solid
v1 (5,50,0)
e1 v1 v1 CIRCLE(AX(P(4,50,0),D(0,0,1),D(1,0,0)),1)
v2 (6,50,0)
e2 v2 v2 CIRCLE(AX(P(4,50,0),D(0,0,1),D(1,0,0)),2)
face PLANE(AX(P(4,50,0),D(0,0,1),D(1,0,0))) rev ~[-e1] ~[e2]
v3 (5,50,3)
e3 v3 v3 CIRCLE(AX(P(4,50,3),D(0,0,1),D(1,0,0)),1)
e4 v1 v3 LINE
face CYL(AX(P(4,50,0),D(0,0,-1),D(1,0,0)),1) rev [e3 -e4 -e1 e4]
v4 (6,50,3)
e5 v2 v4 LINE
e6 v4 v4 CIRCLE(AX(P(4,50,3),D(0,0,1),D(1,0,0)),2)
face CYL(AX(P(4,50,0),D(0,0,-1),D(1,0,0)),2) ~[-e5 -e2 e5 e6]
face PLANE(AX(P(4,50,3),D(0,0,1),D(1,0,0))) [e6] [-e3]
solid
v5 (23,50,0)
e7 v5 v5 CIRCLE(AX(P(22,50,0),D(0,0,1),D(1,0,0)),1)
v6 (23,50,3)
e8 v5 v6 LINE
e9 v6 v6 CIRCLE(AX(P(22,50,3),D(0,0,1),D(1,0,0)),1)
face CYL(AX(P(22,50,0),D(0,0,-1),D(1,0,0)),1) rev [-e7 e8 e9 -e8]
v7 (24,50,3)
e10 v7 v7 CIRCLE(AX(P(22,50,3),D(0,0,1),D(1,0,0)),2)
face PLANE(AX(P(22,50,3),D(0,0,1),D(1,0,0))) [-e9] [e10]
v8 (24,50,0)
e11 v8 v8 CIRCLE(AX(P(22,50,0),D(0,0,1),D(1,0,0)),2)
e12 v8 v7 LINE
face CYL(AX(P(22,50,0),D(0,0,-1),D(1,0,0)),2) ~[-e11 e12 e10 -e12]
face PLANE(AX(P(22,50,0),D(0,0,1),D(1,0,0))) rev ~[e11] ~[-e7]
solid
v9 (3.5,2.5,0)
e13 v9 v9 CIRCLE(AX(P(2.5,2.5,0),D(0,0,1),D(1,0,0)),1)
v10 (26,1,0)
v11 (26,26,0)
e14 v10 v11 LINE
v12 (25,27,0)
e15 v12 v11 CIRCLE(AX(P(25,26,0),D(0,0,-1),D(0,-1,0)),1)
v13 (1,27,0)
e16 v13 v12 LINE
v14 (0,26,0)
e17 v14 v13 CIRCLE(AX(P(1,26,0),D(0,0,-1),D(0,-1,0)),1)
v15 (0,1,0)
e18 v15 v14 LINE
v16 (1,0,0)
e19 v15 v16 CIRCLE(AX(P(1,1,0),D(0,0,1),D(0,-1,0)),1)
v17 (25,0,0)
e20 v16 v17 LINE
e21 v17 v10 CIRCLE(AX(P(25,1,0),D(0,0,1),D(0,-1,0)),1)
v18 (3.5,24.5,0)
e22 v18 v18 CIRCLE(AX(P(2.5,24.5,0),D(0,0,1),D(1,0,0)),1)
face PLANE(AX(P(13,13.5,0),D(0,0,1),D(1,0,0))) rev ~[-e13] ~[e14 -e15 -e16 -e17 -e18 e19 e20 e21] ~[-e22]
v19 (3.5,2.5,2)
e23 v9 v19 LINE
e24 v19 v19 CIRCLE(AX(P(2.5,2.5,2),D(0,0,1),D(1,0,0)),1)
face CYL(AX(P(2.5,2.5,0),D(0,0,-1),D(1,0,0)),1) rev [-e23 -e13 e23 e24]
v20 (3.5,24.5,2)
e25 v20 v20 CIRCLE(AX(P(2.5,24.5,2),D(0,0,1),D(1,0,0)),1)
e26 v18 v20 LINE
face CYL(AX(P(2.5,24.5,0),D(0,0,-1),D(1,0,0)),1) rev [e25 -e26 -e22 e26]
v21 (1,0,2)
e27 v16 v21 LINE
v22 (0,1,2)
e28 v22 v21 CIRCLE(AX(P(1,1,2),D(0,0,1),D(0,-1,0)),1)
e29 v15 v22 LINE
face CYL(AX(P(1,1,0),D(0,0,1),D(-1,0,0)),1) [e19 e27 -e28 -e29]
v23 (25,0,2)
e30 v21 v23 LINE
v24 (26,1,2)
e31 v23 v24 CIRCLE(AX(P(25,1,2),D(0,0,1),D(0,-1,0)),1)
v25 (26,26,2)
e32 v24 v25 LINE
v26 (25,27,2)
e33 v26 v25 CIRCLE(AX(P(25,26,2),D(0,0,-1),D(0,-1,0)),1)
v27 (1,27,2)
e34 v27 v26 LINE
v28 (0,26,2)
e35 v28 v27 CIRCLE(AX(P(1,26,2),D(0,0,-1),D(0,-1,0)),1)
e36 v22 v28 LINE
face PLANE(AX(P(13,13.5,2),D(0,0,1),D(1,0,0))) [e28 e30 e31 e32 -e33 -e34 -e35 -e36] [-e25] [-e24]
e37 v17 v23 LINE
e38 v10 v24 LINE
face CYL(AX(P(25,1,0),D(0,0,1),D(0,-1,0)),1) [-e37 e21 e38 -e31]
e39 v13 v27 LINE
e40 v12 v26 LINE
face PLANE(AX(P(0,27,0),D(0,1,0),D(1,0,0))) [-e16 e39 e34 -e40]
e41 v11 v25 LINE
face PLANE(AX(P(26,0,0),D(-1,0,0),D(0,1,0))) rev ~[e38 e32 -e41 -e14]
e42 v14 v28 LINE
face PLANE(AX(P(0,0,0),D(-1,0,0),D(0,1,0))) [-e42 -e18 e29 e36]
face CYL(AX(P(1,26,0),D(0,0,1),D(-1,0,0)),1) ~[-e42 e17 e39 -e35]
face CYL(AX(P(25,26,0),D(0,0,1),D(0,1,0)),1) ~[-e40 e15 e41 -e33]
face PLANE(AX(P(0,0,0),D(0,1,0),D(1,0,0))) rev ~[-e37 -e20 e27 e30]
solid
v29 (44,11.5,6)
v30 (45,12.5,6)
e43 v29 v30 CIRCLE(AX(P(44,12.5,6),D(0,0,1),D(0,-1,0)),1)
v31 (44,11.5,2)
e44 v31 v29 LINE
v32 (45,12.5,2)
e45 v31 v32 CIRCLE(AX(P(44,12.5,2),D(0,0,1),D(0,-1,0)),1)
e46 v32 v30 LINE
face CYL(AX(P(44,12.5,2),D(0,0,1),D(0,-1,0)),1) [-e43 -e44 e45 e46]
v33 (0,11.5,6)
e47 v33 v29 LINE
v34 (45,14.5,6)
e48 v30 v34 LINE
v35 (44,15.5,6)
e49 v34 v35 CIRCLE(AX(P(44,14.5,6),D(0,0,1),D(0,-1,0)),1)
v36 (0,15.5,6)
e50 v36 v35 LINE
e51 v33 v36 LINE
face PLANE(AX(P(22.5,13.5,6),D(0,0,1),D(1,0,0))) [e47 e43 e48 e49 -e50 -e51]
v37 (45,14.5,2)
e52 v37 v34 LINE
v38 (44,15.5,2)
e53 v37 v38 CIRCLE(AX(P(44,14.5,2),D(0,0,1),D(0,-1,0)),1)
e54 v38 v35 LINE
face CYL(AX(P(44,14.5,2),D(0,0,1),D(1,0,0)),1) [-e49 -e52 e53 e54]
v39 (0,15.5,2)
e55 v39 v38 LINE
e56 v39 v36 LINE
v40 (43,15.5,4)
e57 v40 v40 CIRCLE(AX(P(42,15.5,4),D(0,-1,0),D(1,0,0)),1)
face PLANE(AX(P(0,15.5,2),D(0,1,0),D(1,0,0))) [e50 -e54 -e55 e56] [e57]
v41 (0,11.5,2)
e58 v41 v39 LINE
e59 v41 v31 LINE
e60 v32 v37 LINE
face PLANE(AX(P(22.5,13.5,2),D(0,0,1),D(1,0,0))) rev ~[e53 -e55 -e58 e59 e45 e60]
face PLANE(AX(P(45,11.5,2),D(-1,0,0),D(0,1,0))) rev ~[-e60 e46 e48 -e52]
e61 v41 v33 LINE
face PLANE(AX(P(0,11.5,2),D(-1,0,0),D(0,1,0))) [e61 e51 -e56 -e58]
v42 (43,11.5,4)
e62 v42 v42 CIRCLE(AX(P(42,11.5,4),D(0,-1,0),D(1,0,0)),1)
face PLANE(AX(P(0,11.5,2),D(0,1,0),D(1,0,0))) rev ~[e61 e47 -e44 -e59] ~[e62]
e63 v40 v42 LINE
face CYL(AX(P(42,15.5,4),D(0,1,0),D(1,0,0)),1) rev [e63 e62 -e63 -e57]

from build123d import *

# Parameters (mm, degrees)
CYLINDER003_R          = 1
CYLINDER003_DEPTH      = 3
CYLINDER002_R          = 2
CYLINDER002_DEPTH      = 3
CYLINDER004_R          = 1
CYLINDER004_DEPTH      = 3
CYLINDER005_R          = 2
CYLINDER005_DEPTH      = 3
CYLINDER001_R          = 1
CYLINDER001_DEPTH      = 2
CYLINDER_R             = 1
CYLINDER_DEPTH         = 2
BOX_W                  = 26
BOX_H                  = 27
BOX_DEPTH              = 2
FILLET001_R            = 1
CYLINDER006_R          = 1
CYLINDER006_DEPTH      = 4
CYLINDER006_ROLL_ANGLE = 90
BOX001_W               = 45
BOX001_H               = 4
BOX001_DEPTH           = 4
FILLET_R               = 1


with BuildPart() as cylinder003:
    # Cylinder003 → Cylinder003 (new body)
    with BuildSketch(Plane(origin=(4, 50, 0), x_dir=(1, 0, 0), z_dir=(0, 0, 1))):
        Circle(CYLINDER003_R)
    extrude(amount=CYLINDER003_DEPTH)


with BuildPart() as cut002:
    # Cylinder002 → Cylinder002 (new body)
    with BuildSketch(Plane(origin=(4, 50, 0), x_dir=(1, 0, 0), z_dir=(0, 0, 1))):
        Circle(CYLINDER002_R)
    extrude(amount=CYLINDER002_DEPTH)

    # Cut002: cut Cylinder003
    add(cylinder003.part, mode=Mode.SUBTRACT)


with BuildPart() as cylinder004:
    # Cylinder004 → Cylinder004 (new body)
    with BuildSketch(Plane(origin=(4, 50, 0), x_dir=(1, 0, 0), z_dir=(0, 0, 1))):
        Circle(CYLINDER004_R)
    extrude(amount=CYLINDER004_DEPTH)


with BuildPart() as cut003:
    # Cylinder005 → Cylinder005 (new body)
    with BuildSketch(Plane(origin=(4, 50, 0), x_dir=(1, 0, 0), z_dir=(0, 0, 1))):
        Circle(CYLINDER005_R)
    extrude(amount=CYLINDER005_DEPTH)

    # Cut003: cut Cylinder004
    add(cylinder004.part, mode=Mode.SUBTRACT)


with BuildPart() as cut003_1:
    # Cut003 placement: moved
    add(cut003.part.moved(Location((18, 0, 0))))


with BuildPart() as cylinder001:
    # Cylinder001 → Cylinder001 (new body)
    with BuildSketch(Plane(origin=(2.5, 24.5, 0), x_dir=(1, 0, 0), z_dir=(0, 0, 1))):
        Circle(CYLINDER001_R)
    extrude(amount=CYLINDER001_DEPTH)


with BuildPart() as cylinder:
    # Cylinder → Cylinder (new body)
    with BuildSketch(Plane(origin=(2.5, 2.5, 0), x_dir=(1, 0, 0), z_dir=(0, 0, 1))):
        Circle(CYLINDER_R)
    extrude(amount=CYLINDER_DEPTH)


with BuildPart() as fillet001:
    # Box → Box (new body)
    with BuildSketch(Plane.XY):
        with Locations((13, 13.5)):
            Rectangle(BOX_W, BOX_H)
    extrude(amount=BOX_DEPTH)

    # Cut: cut Cylinder
    add(cylinder.part, mode=Mode.SUBTRACT)

    # Cut001: cut Cylinder001
    add(cylinder001.part, mode=Mode.SUBTRACT)

    # Fillet001
    fillet001_edges = [fillet001.edges().sort_by_distance(p)[0] for p in [
        (0, 0, 1),
        (0, 27, 1),
        (26, 0, 1),
        (26, 27, 1),
    ]]
    fillet(fillet001_edges, radius=FILLET001_R)


with BuildPart() as cylinder006:
    # Cylinder006 → Cylinder006 (new body)
    with BuildSketch(Plane.XY):
        Circle(CYLINDER006_R)
    extrude(amount=CYLINDER006_DEPTH)


with BuildPart() as cylinder006_1:
    # Cylinder006 roll: moved
    add(cylinder006.part.rotate(Axis((0, 0, 0), (1, 0, 0)), CYLINDER006_ROLL_ANGLE))


with BuildPart() as cylinder006_2:
    # Cylinder006 placement: moved
    add(cylinder006_1.part.moved(Location((42, 15.5, 4))))


with BuildPart() as cut004:
    # Box001 → Box001 (new body)
    with BuildSketch(Plane(origin=(0, 11.5, 2), x_dir=(1, 0, 0), z_dir=(0, 0, 1))):
        with Locations((22.5, 2)):
            Rectangle(BOX001_W, BOX001_H)
    extrude(amount=BOX001_DEPTH)

    # Fillet
    fillet_edges = [cut004.edges().sort_by_distance(p)[0] for p in [
        (45, 11.5, 4),
        (45, 15.5, 4),
    ]]
    fillet(fillet_edges, radius=FILLET_R)

    # Cut004: cut Cylinder006
    add(cylinder006_2.part, mode=Mode.SUBTRACT)


solid = Compound([cut002.part, cut003_1.part, fillet001.part, cut004.part])
